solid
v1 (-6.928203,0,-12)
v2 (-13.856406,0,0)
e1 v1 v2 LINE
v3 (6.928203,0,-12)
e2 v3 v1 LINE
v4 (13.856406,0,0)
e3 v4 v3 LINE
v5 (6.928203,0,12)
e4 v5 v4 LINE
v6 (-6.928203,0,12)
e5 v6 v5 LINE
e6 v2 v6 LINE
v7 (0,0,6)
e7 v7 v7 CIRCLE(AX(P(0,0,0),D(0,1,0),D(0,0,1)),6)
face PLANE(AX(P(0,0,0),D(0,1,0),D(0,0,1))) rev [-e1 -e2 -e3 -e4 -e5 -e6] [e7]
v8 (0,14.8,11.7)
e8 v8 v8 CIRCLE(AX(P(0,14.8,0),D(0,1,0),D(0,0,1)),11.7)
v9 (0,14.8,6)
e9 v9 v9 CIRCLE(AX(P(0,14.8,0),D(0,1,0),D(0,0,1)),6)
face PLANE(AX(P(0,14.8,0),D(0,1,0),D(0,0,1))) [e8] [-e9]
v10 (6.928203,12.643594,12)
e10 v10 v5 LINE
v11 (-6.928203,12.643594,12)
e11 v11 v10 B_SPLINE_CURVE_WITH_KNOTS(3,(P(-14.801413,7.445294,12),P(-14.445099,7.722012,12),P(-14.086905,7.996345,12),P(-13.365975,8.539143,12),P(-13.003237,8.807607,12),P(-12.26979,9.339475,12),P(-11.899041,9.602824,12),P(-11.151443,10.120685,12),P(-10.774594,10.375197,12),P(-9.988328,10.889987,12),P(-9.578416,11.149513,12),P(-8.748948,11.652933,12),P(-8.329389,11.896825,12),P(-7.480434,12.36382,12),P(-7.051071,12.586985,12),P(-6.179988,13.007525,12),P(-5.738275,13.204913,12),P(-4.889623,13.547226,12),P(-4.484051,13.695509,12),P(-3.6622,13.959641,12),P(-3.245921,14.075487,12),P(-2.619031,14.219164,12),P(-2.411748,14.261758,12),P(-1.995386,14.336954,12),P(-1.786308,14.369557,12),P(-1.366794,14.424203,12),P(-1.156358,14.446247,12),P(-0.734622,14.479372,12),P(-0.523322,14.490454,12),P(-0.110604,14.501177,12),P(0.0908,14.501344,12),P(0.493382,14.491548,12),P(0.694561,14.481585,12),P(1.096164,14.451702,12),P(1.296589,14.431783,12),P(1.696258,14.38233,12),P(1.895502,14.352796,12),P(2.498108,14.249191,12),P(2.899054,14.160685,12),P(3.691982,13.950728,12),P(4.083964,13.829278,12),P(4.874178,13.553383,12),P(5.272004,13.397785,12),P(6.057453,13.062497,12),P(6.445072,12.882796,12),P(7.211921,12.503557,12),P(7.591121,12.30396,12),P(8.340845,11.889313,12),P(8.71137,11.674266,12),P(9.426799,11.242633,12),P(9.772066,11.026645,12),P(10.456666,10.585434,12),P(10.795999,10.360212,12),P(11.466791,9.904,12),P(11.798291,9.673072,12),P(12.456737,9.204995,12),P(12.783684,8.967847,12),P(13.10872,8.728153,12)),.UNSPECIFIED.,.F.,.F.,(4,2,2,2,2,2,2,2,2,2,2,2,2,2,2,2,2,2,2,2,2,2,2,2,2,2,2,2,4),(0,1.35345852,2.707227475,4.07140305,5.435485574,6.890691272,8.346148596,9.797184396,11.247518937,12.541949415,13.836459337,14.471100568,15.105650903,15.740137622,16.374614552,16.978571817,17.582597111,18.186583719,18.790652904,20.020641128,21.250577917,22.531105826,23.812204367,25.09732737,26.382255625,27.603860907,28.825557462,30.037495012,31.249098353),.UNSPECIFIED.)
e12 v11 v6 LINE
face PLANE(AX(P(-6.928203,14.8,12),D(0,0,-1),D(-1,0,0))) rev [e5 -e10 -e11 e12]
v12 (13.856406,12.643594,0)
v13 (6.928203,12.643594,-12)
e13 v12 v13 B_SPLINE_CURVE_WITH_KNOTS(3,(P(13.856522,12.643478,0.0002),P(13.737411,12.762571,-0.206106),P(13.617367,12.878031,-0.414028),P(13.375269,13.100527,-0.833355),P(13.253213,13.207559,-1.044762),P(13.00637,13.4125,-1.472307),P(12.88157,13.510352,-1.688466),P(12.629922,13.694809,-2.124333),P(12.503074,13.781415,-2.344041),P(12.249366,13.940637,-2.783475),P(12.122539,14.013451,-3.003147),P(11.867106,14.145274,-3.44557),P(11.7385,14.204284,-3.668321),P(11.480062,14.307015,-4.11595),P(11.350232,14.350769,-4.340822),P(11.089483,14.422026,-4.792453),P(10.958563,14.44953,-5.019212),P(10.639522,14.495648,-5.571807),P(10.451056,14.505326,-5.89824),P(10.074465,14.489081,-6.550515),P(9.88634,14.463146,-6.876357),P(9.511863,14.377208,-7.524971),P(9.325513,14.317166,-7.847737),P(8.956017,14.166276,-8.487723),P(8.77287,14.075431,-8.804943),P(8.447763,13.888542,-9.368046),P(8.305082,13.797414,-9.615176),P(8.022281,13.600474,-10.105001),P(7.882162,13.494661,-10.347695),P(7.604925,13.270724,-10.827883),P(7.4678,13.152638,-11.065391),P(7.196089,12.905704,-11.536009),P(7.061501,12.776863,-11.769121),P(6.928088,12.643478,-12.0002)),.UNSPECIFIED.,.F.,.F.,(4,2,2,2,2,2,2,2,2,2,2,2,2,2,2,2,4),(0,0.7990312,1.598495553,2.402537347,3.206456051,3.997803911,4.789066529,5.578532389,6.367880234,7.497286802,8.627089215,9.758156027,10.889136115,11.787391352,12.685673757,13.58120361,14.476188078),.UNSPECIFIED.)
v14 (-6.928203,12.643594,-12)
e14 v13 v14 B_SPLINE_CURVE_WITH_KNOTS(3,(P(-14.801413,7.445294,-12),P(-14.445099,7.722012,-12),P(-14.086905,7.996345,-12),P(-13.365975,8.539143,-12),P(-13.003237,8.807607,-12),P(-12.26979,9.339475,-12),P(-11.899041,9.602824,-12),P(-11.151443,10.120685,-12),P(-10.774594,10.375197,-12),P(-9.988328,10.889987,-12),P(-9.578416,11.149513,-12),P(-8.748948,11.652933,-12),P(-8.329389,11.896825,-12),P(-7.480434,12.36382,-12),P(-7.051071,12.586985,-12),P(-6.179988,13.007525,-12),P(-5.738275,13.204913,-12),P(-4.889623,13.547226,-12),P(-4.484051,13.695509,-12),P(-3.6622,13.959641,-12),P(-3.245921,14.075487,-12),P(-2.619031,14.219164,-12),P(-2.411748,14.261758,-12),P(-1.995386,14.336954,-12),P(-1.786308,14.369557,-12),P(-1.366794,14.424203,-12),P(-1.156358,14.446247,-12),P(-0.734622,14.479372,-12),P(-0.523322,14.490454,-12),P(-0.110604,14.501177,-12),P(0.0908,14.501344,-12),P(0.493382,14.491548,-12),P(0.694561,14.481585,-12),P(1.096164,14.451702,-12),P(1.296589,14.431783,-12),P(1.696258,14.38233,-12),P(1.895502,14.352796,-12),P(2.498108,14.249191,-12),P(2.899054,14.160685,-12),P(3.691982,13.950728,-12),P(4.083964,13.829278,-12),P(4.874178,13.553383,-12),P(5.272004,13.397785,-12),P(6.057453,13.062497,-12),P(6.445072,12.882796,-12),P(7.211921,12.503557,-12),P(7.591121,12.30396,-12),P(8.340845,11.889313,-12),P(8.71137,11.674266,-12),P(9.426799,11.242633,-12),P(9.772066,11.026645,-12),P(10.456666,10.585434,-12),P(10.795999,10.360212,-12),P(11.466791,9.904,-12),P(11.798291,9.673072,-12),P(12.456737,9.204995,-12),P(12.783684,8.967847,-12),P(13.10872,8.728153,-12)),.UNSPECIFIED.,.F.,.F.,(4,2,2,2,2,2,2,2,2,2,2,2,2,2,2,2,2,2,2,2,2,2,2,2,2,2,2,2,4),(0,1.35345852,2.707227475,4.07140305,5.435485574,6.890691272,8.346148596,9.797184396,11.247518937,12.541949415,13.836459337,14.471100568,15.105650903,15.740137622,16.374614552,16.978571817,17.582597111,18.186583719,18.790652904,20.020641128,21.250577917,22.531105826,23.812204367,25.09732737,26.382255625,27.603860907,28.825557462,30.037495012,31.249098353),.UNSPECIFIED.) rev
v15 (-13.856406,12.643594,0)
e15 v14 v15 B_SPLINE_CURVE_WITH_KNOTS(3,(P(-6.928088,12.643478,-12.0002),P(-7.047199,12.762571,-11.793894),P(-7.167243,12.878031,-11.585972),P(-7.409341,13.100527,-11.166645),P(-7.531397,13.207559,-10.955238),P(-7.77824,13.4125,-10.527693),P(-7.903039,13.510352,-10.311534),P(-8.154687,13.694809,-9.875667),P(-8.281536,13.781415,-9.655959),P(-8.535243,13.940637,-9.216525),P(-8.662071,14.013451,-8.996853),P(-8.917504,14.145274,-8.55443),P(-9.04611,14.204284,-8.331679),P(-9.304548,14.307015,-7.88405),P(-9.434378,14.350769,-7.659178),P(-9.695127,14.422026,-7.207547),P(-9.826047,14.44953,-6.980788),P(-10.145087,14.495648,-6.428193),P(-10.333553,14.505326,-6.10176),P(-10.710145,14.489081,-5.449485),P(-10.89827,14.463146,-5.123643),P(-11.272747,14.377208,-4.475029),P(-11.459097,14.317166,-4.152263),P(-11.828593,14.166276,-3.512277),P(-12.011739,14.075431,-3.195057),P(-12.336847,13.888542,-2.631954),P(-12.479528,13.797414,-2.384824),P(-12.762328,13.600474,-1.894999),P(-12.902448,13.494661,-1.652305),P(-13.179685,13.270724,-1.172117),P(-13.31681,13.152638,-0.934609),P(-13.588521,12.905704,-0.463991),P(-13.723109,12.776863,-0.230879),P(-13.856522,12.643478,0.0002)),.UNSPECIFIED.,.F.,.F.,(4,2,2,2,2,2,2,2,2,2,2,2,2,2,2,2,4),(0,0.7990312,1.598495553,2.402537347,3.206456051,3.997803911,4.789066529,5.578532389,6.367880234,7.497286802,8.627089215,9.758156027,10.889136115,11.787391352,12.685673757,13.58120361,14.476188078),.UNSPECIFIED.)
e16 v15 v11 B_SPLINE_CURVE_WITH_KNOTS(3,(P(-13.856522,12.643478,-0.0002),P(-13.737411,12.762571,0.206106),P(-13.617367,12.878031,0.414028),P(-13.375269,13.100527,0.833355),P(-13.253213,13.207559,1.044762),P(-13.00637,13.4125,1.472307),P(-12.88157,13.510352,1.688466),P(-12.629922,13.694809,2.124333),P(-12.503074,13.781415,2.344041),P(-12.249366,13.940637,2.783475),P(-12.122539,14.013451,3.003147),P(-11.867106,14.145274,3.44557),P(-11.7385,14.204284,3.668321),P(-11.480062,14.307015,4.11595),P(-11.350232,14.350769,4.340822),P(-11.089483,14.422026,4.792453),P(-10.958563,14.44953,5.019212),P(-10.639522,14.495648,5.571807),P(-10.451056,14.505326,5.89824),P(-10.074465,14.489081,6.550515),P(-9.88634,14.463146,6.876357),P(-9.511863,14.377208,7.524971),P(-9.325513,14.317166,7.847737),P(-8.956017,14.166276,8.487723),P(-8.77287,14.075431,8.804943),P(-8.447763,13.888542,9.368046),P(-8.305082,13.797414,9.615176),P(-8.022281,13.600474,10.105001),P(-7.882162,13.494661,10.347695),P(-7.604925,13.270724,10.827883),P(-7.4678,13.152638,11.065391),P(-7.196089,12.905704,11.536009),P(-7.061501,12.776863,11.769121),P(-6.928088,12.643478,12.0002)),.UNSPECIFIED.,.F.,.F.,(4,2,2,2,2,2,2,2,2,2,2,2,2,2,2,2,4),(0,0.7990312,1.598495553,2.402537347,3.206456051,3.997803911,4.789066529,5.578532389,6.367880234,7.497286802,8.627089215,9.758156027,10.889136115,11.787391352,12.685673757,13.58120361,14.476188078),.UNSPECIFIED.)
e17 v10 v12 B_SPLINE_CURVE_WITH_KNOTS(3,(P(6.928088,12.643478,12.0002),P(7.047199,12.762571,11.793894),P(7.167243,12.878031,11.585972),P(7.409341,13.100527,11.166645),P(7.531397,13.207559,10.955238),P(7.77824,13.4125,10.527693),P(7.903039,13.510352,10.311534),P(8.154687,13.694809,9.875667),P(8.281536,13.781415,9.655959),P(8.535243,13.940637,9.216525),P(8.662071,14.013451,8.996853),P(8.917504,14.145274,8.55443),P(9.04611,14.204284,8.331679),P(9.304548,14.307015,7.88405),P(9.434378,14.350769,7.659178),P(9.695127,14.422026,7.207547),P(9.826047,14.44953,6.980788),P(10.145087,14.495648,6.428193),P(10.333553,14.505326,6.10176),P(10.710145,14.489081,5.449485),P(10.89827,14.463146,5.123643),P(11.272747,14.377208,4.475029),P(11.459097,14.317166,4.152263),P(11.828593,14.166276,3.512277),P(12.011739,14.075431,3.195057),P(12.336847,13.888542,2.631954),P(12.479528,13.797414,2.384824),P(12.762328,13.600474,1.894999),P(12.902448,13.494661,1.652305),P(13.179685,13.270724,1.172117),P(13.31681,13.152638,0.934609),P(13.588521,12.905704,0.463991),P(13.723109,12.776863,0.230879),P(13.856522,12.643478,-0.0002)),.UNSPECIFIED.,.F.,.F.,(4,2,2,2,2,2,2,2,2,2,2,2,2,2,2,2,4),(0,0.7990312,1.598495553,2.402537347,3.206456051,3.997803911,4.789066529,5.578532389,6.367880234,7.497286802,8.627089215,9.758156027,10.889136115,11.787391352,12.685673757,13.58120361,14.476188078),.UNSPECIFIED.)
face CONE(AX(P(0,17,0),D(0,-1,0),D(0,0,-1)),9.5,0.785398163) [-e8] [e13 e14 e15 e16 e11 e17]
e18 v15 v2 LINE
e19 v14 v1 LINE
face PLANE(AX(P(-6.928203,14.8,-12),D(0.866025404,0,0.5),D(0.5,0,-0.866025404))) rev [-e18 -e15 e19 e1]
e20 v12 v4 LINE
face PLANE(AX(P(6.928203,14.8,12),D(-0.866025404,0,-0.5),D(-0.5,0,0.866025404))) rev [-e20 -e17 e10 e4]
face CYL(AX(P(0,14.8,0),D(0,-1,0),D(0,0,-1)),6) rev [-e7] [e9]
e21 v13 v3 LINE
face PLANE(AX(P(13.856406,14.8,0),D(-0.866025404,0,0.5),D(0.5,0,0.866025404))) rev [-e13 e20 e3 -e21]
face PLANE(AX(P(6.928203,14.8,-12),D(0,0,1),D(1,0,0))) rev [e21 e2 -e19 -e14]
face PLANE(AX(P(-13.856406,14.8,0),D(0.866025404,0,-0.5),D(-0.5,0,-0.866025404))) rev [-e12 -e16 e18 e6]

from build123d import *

# Parameters (mm, degrees)
SKETCH_1_R      = 6
EXTRUDE_1_DEPTH = 14.8


with BuildPart() as part:
    # 草图1 → 凸台-拉伸1 (new body)
    with BuildSketch(Plane(origin=(0, 0, 0), x_dir=(1, 0, 0), z_dir=(0, 1, 0))):
        Polygon((-6.92820323, 12), (-13.856406461, 0), (-6.92820323, -12), (6.92820323, -12), (13.856406461, 0), (6.92820323, 12), align=None)
        with Locations(Location((0, 0, 0), (0, 0, 270))):
            Circle(SKETCH_1_R, mode=Mode.SUBTRACT)
    extrude(amount=EXTRUDE_1_DEPTH)

    # 草图2 → 切除-旋转1 (revolve, cut)
    with BuildSketch(Plane.XY, mode=Mode.PRIVATE) as cut_revolve_1_sk:
        Polygon((9.5, 17), (15, 11.5), (15, 17), align=None)
    revolve(cut_revolve_1_sk.sketch.rotate(Axis((0, 17.647957279, 0), (0, -1, 0)), 300.00000004), axis=Axis((0, 17.647957279, 0), (0, -1, 0)), mode=Mode.SUBTRACT)


solid = part.part
